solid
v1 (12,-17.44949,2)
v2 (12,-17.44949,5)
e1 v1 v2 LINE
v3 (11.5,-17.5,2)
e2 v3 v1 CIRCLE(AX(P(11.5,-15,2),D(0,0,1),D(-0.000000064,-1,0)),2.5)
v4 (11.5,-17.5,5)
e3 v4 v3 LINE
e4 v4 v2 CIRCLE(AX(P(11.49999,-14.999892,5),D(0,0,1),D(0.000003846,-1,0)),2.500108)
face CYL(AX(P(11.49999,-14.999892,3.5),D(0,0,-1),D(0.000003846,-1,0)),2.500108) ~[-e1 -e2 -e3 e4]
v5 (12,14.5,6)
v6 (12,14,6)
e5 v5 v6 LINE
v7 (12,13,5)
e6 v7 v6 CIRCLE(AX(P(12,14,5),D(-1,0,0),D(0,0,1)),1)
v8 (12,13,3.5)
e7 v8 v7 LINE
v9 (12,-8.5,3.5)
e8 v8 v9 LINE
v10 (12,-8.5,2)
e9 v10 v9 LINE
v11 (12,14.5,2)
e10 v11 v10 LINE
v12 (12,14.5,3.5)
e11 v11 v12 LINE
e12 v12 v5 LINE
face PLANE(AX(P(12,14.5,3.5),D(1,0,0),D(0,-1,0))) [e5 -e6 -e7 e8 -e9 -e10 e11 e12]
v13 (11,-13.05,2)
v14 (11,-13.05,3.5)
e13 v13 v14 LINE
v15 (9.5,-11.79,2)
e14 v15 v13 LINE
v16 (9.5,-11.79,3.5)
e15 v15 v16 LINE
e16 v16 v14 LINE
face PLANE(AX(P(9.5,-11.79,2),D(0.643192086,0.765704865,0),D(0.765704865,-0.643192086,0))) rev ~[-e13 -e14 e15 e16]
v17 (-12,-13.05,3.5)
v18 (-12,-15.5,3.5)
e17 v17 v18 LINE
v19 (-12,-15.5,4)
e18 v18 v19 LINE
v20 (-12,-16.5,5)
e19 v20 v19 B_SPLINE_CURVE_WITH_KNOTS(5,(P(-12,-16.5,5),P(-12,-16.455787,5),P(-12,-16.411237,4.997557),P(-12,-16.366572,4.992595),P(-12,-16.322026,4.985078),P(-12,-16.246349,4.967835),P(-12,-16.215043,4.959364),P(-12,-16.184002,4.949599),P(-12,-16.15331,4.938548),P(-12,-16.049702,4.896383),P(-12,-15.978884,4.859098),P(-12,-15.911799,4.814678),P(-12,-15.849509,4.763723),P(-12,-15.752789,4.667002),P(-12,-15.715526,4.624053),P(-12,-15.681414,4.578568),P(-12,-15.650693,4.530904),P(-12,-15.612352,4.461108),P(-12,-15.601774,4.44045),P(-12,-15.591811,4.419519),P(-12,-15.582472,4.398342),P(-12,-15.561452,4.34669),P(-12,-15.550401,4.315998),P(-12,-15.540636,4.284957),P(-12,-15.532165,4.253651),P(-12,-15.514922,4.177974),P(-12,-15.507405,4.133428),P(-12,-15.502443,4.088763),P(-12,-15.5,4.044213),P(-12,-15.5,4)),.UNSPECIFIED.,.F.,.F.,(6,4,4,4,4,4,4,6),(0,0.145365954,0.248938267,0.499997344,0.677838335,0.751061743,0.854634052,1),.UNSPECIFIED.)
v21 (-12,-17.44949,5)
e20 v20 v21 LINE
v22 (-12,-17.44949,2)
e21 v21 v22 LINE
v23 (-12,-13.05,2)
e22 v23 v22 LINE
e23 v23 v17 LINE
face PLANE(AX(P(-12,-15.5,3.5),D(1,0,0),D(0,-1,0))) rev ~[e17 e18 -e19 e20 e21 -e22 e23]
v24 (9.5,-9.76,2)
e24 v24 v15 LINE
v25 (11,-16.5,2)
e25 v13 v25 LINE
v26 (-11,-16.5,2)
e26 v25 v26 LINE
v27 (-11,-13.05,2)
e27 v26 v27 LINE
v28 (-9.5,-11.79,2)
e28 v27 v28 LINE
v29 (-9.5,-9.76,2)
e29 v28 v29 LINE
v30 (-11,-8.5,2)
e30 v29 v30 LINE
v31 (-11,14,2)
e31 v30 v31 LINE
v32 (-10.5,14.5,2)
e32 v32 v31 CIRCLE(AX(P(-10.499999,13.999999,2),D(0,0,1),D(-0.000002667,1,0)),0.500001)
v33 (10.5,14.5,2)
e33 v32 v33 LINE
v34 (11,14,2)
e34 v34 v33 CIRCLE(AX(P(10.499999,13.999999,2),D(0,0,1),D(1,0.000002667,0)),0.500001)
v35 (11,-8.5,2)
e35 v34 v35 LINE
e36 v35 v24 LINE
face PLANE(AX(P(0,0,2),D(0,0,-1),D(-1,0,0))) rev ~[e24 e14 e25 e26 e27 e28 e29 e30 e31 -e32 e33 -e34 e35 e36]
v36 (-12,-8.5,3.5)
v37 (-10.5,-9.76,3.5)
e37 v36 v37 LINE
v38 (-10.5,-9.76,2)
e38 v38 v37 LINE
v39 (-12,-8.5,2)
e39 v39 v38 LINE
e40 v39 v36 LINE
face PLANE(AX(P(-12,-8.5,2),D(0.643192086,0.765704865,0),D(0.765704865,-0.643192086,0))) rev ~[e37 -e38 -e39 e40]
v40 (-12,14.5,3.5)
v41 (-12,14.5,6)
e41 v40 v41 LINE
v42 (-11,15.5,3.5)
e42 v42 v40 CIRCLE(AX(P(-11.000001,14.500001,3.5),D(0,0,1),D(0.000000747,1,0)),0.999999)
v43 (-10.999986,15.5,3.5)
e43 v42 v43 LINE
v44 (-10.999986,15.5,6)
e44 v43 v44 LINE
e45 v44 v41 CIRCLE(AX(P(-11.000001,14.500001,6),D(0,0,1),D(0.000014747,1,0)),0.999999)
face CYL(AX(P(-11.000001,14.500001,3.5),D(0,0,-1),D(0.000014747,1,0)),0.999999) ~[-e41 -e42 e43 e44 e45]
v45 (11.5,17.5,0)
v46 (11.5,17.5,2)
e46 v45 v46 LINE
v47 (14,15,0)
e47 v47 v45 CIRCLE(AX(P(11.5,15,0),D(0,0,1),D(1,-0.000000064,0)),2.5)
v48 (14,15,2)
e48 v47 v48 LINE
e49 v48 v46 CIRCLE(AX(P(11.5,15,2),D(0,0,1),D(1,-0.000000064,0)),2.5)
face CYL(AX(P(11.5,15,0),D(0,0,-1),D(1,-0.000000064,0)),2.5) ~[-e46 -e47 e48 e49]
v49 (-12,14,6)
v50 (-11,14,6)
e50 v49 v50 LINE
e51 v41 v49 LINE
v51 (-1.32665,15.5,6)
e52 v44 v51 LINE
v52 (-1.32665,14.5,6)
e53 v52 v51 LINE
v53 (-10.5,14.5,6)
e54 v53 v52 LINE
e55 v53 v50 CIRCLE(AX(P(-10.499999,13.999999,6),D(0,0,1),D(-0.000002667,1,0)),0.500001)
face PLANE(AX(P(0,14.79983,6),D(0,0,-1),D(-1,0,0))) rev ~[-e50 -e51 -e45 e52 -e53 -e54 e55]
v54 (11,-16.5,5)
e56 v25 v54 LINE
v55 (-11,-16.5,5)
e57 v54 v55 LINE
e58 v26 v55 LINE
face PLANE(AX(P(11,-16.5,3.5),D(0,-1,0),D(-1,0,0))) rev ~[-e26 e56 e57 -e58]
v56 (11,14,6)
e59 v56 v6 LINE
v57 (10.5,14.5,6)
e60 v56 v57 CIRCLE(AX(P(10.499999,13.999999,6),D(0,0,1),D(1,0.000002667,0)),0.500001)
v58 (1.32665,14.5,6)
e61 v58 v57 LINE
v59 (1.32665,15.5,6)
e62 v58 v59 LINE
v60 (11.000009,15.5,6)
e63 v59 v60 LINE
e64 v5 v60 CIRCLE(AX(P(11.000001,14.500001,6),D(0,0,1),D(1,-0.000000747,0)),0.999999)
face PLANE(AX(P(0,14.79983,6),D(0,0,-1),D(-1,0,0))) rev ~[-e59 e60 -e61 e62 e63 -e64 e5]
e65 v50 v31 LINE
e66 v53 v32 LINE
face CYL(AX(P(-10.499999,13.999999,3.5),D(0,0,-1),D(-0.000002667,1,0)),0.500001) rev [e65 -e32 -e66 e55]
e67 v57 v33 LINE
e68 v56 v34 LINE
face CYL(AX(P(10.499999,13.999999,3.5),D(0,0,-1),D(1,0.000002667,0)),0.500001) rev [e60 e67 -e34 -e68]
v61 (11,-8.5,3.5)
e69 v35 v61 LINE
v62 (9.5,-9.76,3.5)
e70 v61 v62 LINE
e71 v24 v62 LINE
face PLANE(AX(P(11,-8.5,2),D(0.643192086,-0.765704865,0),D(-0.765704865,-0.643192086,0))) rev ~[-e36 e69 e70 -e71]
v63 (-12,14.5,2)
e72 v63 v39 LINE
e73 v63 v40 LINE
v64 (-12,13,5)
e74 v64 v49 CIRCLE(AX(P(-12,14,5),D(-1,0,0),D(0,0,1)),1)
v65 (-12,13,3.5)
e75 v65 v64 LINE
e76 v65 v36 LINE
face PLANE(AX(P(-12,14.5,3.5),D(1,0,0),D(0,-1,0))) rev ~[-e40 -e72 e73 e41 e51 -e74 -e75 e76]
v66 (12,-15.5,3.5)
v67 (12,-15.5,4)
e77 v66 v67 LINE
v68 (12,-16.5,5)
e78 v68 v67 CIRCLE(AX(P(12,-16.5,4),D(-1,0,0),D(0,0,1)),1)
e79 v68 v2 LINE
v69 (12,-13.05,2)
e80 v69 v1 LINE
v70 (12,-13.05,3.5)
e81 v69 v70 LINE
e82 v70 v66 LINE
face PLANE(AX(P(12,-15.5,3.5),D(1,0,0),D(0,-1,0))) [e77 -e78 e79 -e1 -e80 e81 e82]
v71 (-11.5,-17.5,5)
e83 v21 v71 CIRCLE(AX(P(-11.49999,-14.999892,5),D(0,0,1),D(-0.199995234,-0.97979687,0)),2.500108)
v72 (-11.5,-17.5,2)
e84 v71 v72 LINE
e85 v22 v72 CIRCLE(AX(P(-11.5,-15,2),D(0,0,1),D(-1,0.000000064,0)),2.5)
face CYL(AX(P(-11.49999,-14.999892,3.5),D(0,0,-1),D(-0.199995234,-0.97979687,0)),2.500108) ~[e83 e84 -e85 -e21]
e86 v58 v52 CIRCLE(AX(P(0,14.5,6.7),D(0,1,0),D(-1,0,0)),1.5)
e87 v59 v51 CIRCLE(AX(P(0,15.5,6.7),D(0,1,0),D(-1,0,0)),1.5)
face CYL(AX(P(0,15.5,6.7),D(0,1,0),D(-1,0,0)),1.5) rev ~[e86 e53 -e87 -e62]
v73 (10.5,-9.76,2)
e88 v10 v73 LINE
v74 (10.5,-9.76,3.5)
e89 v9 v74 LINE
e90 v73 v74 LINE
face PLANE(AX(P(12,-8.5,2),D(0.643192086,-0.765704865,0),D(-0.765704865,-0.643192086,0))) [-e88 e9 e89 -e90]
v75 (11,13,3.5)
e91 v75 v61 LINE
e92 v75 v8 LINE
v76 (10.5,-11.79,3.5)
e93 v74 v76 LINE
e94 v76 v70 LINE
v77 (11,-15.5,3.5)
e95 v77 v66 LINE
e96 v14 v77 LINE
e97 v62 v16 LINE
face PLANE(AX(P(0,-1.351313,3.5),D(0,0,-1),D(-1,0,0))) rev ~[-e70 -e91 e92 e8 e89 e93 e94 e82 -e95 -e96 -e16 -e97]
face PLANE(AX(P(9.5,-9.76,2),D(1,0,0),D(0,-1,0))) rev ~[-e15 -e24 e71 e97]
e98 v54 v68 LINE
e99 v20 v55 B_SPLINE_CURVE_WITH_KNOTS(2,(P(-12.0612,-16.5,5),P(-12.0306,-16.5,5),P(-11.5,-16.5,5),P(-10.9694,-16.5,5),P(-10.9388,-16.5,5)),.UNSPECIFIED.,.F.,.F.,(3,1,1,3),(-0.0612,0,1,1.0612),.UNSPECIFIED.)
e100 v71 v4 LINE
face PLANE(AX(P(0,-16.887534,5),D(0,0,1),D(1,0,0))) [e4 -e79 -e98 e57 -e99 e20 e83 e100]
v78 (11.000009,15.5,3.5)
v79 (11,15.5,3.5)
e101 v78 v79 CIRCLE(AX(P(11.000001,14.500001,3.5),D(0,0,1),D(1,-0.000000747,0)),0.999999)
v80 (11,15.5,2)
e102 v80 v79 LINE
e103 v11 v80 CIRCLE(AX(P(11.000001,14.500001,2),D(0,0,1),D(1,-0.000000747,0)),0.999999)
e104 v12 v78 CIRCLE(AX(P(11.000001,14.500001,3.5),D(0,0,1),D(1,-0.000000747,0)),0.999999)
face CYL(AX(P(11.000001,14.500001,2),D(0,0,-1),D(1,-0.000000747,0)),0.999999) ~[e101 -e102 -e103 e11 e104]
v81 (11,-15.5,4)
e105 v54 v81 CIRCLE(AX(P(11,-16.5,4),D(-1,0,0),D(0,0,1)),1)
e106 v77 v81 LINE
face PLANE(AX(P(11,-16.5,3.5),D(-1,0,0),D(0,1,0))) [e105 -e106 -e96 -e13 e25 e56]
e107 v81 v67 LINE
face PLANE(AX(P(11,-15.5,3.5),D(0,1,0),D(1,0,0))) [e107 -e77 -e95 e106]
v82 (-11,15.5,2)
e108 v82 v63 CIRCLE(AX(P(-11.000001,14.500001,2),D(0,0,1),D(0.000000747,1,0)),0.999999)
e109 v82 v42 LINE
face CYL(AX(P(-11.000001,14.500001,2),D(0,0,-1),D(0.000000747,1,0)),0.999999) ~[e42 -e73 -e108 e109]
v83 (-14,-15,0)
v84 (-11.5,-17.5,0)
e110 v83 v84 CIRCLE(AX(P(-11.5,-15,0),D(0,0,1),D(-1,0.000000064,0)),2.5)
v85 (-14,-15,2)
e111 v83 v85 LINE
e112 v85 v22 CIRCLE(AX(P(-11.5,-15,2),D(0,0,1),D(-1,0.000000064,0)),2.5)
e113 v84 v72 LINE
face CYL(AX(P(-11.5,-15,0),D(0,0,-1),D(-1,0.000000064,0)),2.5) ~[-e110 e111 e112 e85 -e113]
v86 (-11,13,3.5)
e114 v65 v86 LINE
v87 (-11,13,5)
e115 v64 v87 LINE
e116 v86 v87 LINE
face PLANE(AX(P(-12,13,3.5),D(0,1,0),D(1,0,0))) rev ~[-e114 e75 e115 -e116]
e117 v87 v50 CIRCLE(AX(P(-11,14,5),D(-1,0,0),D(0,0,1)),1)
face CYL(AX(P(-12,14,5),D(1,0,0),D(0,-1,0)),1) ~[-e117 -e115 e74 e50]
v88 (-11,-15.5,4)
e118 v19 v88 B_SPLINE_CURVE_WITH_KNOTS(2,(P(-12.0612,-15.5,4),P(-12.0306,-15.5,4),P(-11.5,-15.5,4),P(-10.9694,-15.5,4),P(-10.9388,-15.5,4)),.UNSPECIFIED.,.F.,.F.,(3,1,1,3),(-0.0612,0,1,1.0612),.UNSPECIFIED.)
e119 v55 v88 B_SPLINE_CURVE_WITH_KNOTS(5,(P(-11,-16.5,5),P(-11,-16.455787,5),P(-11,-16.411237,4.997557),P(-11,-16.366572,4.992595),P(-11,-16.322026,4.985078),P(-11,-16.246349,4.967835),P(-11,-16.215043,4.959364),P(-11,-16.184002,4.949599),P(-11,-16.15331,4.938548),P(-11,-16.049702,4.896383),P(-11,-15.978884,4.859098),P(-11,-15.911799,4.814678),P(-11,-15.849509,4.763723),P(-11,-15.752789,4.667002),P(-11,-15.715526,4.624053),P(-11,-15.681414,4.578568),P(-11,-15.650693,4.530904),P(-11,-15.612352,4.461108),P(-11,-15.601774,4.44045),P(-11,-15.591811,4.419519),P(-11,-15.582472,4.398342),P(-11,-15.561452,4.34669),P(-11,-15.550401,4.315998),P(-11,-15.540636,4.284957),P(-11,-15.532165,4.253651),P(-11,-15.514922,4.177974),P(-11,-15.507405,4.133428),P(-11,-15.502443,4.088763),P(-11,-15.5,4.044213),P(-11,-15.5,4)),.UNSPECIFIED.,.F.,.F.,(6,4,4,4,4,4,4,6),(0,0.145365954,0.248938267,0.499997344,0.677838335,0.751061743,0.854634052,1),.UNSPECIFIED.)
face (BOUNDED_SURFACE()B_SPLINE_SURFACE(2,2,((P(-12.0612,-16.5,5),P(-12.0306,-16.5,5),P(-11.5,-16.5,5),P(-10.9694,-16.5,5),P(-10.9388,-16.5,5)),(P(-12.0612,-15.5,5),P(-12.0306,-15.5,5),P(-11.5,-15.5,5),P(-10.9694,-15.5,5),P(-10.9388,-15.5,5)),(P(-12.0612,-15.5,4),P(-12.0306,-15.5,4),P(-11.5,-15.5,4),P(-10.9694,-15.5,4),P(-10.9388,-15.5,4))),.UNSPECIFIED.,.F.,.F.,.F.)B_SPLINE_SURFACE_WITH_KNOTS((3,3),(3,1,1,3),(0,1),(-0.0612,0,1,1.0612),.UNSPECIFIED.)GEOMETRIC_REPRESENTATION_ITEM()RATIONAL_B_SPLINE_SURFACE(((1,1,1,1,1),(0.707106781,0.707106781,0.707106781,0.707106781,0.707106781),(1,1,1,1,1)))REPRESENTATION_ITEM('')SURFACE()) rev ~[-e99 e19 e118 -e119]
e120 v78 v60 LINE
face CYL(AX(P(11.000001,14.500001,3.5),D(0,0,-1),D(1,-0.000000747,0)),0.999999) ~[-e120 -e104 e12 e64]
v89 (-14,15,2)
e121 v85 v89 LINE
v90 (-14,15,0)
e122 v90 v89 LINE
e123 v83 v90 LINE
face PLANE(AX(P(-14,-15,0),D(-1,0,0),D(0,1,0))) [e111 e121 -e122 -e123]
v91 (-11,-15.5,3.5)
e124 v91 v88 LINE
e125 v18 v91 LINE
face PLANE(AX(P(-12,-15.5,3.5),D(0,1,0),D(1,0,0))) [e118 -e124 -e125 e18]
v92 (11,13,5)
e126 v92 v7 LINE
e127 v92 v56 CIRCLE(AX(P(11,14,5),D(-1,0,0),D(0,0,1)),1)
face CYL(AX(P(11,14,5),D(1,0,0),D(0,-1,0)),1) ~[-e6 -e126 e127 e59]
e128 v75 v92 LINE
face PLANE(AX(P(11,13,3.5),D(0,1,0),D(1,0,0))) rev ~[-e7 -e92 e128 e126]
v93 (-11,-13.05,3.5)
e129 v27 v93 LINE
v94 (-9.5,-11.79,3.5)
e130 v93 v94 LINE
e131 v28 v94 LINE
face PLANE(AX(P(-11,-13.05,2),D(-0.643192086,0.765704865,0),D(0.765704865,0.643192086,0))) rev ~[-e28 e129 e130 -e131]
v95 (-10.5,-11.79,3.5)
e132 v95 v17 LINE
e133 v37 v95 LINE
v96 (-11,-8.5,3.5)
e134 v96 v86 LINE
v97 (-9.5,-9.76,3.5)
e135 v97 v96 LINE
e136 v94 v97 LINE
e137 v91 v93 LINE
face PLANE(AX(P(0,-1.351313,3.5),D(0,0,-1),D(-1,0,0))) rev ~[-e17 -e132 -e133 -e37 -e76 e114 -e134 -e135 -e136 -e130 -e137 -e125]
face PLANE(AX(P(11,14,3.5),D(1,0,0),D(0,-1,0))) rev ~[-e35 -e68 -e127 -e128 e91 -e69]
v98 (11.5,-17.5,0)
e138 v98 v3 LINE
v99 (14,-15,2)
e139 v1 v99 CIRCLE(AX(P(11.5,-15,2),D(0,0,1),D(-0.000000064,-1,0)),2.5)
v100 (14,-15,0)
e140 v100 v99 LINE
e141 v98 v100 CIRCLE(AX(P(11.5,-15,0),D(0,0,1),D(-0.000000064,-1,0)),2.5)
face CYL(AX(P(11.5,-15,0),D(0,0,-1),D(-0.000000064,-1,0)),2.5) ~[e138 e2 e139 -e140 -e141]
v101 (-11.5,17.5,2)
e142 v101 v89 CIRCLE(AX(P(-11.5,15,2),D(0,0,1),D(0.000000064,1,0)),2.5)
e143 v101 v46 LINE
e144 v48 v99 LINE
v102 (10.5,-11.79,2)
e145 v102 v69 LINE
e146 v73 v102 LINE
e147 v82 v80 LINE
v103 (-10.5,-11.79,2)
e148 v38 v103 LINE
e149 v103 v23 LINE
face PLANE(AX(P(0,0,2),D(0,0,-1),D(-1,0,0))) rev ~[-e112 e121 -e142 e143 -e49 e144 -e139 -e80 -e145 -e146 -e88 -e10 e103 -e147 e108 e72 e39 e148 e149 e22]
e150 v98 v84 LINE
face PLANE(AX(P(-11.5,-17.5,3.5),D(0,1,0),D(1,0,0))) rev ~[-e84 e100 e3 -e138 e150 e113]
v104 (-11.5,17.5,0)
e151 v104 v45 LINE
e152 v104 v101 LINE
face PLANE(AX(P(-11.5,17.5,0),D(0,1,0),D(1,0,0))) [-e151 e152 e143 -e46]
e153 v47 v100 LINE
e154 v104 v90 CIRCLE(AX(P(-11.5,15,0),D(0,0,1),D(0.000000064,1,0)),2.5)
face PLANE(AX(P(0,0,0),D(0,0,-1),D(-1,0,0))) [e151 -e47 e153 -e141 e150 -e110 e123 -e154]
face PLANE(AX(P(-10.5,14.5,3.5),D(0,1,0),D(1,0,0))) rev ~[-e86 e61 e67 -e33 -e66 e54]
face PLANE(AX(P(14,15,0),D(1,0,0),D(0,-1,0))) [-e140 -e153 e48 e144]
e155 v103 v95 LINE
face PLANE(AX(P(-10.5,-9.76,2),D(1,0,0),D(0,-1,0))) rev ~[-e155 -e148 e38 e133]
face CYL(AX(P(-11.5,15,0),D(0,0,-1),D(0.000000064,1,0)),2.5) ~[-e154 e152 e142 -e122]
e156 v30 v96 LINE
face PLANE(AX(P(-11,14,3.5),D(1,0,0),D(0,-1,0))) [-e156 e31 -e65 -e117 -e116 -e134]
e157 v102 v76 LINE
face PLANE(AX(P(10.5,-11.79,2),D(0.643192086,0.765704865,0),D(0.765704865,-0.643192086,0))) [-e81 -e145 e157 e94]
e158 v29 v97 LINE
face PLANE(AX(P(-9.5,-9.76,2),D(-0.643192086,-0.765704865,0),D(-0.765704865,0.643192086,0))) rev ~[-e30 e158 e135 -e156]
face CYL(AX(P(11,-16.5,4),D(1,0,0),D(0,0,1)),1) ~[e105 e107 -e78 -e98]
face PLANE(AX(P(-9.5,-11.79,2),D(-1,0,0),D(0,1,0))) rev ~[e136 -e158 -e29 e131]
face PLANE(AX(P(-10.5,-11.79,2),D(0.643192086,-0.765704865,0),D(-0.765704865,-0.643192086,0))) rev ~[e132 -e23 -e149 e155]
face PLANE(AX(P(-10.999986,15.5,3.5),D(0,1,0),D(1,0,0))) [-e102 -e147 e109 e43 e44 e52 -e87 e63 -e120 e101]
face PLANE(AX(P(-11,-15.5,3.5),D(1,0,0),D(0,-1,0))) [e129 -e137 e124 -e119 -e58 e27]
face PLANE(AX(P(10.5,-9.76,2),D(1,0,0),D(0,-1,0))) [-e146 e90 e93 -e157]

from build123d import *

# Parameters (mm, degrees)
PAD_DEPTH    = 2
PAD001_DEPTH = 1.5
PAD002_DEPTH = 1.5
PAD003_DEPTH = 2.5
SKETCH004_R  = 1.5
POCKET_DEPTH = 5
FILLET_R     = 1
FILLET001_R  = 1
FILLET002_R  = 1


with BuildPart() as part:
    # Sketch → Pad (new body)
    with BuildSketch(Plane.XY):
        with BuildLine():
            Line((-11.5, 17.5), (11.5, 17.5))
            ThreePointArc((14, 15), (13.267767, 16.767767), (11.5, 17.5))
            Line((14, 15), (14, -15))
            ThreePointArc((11.5, -17.5), (13.267767, -16.767767), (14, -15))
            Line((11.5, -17.5), (-11.5, -17.5))
            ThreePointArc((-14, -15), (-13.267767, -16.767767), (-11.5, -17.5))
            Line((-14, -15), (-14, 15))
            ThreePointArc((-11.5, 17.5), (-13.267767, 16.767767), (-14, 15))
        make_face()
    extrude(amount=PAD_DEPTH)

    # Sketch001 (on Face10 of Pad) → Pad001 (join)
    with BuildSketch(Plane.XY.offset(2)):
        with BuildLine():
            Line((-11, 15.5), (11, 15.5))
            ThreePointArc((12, 14.5), (11.707107, 15.207107), (11, 15.5))
            Line((12, 14.5), (12, -8.5))
            Line((12, -8.5), (10.5, -9.76))
            Line((10.5, -9.76), (10.5, -11.79))
            Line((10.5, -11.79), (12, -13.05))
            Line((12, -13.05), (12, -17.44949))
            ThreePointArc((11.5, -17.5), (11.751272, -17.48734), (12, -17.44949))
            Line((-11.5, -17.5), (11.5, -17.5))
            ThreePointArc((-12, -17.44949), (-11.751272, -17.48734), (-11.5, -17.5))
            Line((-12, -13.05), (-12, -17.44949))
            Line((-10.5, -11.79), (-12, -13.05))
            Line((-10.5, -9.76), (-10.5, -11.79))
            Line((-12, -8.5), (-10.5, -9.76))
            Line((-12, 14.5), (-12, -8.5))
            ThreePointArc((-11, 15.5), (-11.707107, 15.207107), (-12, 14.5))
        make_face()
        with BuildLine():
            Line((-11, -16.5), (-11, -13.05))
            Line((-11, -13.05), (-9.5, -11.79))
            Line((-9.5, -11.79), (-9.5, -9.76))
            Line((-9.5, -9.76), (-11, -8.5))
            Line((-11, -8.5), (-11, 14))
            ThreePointArc((-10.5, 14.5), (-10.853553, 14.353553), (-11, 14))
            Line((-10.5, 14.5), (10.5, 14.5))
            ThreePointArc((11, 14), (10.853553, 14.353553), (10.5, 14.5))
            Line((11, 14), (11, -8.5))
            Line((11, -8.5), (9.5, -9.76))
            Line((9.5, -9.76), (9.5, -11.79))
            Line((9.5, -11.79), (11, -13.05))
            Line((11, -13.05), (11, -16.5))
            Line((11, -16.5), (-11, -16.5))
        make_face(mode=Mode.SUBTRACT)
    extrude(amount=PAD001_DEPTH)

    # Sketch002 (on Face26 of Pad001) → Pad002 (join)
    with BuildSketch(Plane.XY.offset(3.5)):
        with BuildLine():
            ThreePointArc((11.5, -17.5), (11.751272, -17.48734), (12, -17.44949))
            Line((12, -16.5), (12, -17.44949))
            Line((12, -15.5), (12, -16.5))
            Line((11, -15.5), (12, -15.5))
            Line((11, -16.5), (11, -15.5))
            Line((11, -16.5), (-11, -16.5))
            Line((-11, -15.5), (-11, -16.5))
            Line((-12, -15.5), (-11, -15.5))
            Line((-12, -16.5), (-12, -15.5))
            Line((-12, -16.5), (-12, -17.44949))
            ThreePointArc((-12, -17.44949), (-11.751272, -17.48734), (-11.5, -17.5))
            Line((-11.5, -17.5), (11.5, -17.5))
        make_face()
    extrude(amount=PAD002_DEPTH)

    # Sketch003 (on Face28 of Pad002) → Pad003 (join)
    with BuildSketch(Plane.XY.offset(3.5)):
        with BuildLine():
            Line((-10.999986, 15.5), (11.000009, 15.5))
            ThreePointArc((12, 14.5), (11.70711, 15.207104), (11.000009, 15.5))
            Line((12, 14.5), (12, 13))
            Line((11, 13), (12, 13))
            Line((11, 14), (11, 13))
            ThreePointArc((11, 14), (10.853553, 14.353553), (10.5, 14.5))
            Line((-10.5, 14.5), (10.5, 14.5))
            ThreePointArc((-10.5, 14.5), (-10.853553, 14.353553), (-11, 14))
            Line((-11, 14), (-11, 13))
            Line((-12, 13), (-11, 13))
            Line((-12, 14.5), (-12, 13))
            ThreePointArc((-10.999986, 15.5), (-11.707102, 15.207112), (-12, 14.5))
        make_face()
    extrude(amount=PAD003_DEPTH)

    # Sketch004 (on Face33 of Pad003) → Pocket (cut)
    with BuildSketch(Plane(origin=(0, 15.5, 0), x_dir=(-1, 0, 0), z_dir=(0, 1, 0))):
        with Locations((0, 6.7)):
            Circle(SKETCH004_R)
    extrude(amount=-POCKET_DEPTH, mode=Mode.SUBTRACT)

    # Fillet
    fillet_edges = [part.edges().sort_by_distance(p)[0] for p in [
        (11.5, -15.5, 5),
    ]]
    fillet(fillet_edges, radius=FILLET_R)

    # Fillet001
    fillet001_edges = [part.edges().sort_by_distance(p)[0] for p in [
        (-11.5, -15.5, 5),
    ]]
    fillet(fillet001_edges, radius=FILLET001_R)

    # Fillet002
    fillet002_edges = [part.edges().sort_by_distance(p)[0] for p in [
        (-11.5, 13, 6),
        (11.5, 13, 6),
    ]]
    fillet(fillet002_edges, radius=FILLET002_R)


solid = part.part
